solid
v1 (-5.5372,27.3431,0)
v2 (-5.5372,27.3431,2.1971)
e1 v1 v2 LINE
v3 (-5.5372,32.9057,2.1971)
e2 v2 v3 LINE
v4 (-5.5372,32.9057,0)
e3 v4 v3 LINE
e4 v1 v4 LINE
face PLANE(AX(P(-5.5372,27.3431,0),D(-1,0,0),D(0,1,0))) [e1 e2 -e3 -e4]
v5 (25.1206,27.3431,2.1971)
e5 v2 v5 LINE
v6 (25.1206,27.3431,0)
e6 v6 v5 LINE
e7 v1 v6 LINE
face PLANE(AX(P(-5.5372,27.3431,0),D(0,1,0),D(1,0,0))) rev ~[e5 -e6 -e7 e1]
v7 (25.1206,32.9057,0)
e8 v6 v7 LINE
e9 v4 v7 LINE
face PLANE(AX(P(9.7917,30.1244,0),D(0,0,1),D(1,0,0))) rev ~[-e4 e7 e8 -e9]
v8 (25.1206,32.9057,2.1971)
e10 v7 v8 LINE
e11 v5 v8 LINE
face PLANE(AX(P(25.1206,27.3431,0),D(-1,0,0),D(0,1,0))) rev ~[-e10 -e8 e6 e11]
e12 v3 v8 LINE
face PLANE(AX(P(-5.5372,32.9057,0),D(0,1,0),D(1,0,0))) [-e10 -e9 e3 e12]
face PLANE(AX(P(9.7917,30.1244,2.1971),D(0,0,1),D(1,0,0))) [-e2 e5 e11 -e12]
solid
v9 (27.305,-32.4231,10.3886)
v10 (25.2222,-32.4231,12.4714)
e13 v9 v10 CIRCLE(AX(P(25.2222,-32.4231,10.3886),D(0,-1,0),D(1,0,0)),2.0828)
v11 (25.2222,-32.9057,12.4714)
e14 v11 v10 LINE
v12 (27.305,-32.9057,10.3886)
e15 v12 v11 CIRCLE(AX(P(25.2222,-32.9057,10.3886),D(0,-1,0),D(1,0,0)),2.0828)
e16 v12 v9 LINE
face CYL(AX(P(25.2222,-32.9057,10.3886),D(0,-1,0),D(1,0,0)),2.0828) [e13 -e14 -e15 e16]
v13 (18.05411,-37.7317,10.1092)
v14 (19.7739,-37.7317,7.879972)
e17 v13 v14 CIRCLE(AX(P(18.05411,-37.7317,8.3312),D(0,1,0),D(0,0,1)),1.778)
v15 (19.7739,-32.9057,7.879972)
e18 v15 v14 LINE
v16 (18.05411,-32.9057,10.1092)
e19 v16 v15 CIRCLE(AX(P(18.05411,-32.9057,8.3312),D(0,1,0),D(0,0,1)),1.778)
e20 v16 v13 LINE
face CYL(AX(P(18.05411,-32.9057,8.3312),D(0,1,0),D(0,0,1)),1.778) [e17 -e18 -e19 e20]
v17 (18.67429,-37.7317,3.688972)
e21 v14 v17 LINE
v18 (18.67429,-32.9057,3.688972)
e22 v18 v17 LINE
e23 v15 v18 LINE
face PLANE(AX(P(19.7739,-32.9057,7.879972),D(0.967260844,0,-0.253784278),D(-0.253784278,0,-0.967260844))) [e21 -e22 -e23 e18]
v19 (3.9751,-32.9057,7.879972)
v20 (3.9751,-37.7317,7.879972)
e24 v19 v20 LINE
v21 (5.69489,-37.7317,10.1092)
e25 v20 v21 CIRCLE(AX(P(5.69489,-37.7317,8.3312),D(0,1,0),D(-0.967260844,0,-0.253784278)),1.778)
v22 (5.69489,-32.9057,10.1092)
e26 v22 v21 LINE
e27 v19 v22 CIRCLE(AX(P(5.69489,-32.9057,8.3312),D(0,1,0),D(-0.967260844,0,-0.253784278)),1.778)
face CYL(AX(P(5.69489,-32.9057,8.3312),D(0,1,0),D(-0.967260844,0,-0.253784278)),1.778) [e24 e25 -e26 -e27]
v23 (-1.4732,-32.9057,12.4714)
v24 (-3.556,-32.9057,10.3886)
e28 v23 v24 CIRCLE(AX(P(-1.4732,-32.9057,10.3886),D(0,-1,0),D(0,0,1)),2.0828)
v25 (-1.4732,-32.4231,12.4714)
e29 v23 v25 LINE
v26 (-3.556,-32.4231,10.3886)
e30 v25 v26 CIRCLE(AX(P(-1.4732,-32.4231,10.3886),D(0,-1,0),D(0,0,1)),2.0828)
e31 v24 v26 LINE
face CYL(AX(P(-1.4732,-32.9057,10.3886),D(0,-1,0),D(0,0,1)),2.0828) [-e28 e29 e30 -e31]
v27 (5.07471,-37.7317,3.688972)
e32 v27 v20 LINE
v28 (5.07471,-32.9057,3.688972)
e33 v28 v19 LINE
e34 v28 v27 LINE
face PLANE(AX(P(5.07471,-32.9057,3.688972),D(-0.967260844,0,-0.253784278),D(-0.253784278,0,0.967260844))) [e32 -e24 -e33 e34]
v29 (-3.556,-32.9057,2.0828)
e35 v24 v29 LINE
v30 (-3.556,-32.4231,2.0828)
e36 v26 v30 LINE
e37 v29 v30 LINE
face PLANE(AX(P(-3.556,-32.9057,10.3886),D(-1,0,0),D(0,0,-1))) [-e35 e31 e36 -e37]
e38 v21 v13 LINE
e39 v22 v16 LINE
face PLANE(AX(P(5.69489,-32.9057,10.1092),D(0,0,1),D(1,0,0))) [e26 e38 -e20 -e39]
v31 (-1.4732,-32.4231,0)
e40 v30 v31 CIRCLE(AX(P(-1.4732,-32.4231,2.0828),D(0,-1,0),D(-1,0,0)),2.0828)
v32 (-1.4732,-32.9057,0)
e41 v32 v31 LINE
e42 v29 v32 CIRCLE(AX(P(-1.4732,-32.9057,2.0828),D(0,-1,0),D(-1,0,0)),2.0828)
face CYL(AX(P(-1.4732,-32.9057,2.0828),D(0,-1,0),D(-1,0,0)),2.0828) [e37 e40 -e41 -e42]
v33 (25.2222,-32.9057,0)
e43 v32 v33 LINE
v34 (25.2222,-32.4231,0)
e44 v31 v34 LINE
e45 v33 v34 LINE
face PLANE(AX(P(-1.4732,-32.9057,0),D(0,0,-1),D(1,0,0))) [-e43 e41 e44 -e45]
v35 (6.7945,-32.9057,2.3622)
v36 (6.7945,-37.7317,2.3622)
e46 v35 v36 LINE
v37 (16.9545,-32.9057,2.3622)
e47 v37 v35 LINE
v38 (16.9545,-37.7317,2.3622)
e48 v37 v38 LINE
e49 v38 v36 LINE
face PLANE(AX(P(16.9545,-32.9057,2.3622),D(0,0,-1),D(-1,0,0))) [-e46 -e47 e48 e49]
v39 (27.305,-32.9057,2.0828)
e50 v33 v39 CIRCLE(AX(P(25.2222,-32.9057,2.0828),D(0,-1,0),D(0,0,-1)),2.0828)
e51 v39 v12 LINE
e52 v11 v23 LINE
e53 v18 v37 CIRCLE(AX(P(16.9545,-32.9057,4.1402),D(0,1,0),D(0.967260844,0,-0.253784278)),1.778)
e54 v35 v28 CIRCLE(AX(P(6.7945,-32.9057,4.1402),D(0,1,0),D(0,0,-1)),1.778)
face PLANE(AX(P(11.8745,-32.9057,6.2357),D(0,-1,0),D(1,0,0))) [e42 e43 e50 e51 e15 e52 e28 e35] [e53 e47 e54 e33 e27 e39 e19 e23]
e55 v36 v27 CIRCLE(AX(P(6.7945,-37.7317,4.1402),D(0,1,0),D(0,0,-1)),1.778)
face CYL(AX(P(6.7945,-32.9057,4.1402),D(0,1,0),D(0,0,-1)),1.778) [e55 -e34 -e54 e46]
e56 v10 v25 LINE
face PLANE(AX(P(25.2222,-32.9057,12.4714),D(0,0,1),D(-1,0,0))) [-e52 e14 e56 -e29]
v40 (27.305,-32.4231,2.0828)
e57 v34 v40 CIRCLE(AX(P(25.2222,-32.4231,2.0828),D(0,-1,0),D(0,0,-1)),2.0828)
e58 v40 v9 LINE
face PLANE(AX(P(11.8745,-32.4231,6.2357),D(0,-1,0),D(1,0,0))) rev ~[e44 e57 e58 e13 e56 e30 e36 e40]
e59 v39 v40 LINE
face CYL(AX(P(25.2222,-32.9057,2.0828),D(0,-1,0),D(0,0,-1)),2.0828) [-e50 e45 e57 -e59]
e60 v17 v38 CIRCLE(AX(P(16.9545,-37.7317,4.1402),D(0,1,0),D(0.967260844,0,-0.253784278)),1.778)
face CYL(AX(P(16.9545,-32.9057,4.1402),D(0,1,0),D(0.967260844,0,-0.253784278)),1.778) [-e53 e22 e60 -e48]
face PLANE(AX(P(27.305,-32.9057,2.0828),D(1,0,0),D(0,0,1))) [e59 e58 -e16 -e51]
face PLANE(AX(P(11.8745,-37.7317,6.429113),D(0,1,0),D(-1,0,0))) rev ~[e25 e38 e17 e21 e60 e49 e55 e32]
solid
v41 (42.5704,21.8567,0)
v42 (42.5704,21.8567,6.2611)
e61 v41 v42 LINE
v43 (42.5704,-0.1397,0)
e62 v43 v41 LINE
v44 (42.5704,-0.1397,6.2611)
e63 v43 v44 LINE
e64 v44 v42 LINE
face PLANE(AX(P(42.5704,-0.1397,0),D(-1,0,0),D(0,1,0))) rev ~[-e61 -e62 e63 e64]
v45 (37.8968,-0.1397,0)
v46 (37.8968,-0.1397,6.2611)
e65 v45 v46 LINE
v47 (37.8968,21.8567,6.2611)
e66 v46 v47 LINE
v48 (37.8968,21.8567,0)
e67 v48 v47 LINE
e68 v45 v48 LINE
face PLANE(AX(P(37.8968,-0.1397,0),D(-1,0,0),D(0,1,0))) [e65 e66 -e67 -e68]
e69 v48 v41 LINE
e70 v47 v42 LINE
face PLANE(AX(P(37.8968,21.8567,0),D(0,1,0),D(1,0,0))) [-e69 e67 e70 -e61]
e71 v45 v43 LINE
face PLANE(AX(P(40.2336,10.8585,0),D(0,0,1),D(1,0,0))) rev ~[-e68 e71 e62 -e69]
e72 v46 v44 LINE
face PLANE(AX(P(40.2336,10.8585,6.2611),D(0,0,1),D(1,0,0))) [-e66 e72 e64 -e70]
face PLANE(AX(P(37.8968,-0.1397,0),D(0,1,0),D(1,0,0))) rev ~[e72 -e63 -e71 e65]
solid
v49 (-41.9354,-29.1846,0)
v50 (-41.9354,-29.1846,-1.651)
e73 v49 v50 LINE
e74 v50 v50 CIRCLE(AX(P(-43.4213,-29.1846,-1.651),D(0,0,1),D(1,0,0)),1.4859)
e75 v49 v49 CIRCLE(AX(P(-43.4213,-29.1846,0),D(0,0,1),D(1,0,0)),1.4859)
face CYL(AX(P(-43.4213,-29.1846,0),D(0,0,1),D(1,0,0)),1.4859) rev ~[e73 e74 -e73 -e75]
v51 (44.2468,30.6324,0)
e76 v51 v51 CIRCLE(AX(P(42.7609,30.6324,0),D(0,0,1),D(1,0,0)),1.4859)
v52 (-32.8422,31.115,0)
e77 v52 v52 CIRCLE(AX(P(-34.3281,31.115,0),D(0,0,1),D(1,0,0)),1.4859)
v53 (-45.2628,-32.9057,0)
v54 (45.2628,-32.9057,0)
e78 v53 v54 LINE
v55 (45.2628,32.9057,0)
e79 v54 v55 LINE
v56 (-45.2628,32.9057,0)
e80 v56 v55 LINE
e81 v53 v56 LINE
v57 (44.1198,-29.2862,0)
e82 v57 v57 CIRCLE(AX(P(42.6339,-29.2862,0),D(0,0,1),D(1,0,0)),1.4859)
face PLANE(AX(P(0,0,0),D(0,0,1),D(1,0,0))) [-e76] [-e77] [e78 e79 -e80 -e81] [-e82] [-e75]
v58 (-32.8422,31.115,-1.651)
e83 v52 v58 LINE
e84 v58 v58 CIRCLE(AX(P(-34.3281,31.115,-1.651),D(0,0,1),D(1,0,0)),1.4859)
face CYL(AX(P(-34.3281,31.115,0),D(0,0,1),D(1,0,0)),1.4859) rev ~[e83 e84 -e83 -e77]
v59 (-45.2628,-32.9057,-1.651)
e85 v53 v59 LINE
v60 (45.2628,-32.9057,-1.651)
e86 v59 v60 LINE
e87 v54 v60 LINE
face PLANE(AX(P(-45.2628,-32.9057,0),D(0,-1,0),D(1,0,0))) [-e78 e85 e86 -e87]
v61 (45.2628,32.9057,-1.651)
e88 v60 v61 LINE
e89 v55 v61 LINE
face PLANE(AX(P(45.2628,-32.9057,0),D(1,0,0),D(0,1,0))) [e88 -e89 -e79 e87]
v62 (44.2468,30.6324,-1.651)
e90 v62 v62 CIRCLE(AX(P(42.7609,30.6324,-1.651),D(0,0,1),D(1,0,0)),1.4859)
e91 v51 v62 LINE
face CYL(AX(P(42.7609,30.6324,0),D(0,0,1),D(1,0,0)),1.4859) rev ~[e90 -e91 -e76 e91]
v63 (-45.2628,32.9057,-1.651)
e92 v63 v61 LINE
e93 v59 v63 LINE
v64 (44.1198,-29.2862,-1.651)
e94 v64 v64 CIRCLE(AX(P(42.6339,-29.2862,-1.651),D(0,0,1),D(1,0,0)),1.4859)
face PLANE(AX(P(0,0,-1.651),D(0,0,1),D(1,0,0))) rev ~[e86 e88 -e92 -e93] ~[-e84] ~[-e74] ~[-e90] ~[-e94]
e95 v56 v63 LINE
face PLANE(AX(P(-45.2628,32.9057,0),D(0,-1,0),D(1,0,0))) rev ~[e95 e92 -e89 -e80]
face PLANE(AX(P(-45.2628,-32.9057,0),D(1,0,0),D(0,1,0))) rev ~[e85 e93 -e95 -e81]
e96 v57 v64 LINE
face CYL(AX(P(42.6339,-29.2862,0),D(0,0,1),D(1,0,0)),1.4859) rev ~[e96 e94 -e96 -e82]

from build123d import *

# Parameters (mm, degrees)
SKETCH1_W           = 90.5256
SKETCH1_H           = 65.8114
SKETCH1_R           = 1.4859
BOSS_EXTRUDE1_DEPTH = 1.651
BOSS_EXTRUDE2_DEPTH = 0.4826
BOSS_EXTRUDE3_DEPTH = 4.826
SKETCH4_W           = 30.6578
SKETCH4_H           = 5.5626
BOSS_EXTRUDE4_DEPTH = 2.1971
SKETCH5_W           = 4.6736
SKETCH5_H           = 21.9964
BOSS_EXTRUDE5_DEPTH = 6.2611


with BuildPart() as part:
    # Sketch1 → Boss-Extrude1 (new body)
    with BuildSketch(Plane.XY):
        Rectangle(SKETCH1_W, SKETCH1_H)
        with Locations((-34.3281, 31.115)):
            Circle(SKETCH1_R, mode=Mode.SUBTRACT)
        with Locations((-43.4213, -29.1846)):
            Circle(SKETCH1_R, mode=Mode.SUBTRACT)
        with Locations((42.7609, 30.6324)):
            Circle(SKETCH1_R, mode=Mode.SUBTRACT)
        with Locations((42.6339, -29.2862)):
            Circle(SKETCH1_R, mode=Mode.SUBTRACT)
    extrude(amount=-BOSS_EXTRUDE1_DEPTH)


with BuildPart() as body_2:
    # Sketch2 → Boss-Extrude2 (new body)
    with BuildSketch(Plane.XZ.offset(32.9057)):
        with BuildLine():
            Line((-1.4732, 0), (25.2222, 0))
            ThreePointArc((25.2222, 0), (26.694962004, 0.610037996), (27.305, 2.0828))
            Line((27.305, 2.0828), (27.305, 10.3886))
            ThreePointArc((27.305, 10.3886), (26.694962004, 11.861362004), (25.2222, 12.4714))
            Line((25.2222, 12.4714), (-1.4732, 12.4714))
            ThreePointArc((-1.4732, 12.4714), (-2.945962004, 11.861362004), (-3.556, 10.3886))
            Line((-3.556, 10.3886), (-3.556, 2.0828))
            ThreePointArc((-3.556, 2.0828), (-2.945962004, 0.610037996), (-1.4732, 0))
        make_face()
    extrude(amount=-BOSS_EXTRUDE2_DEPTH)

    # Sketch3 → Boss-Extrude3 (add)
    with BuildSketch(Plane.XZ.offset(32.9057)):
        with BuildLine():
            Line((5.694889781, 10.1092), (18.054110219, 10.1092))
            ThreePointArc((18.054110219, 10.1092), (19.461868753, 9.41724784), (19.7739, 7.879971554))
            Line((19.7739, 7.879971554), (18.674289781, 3.688971554))
            ThreePointArc((18.674289781, 3.688971554), (18.04054784, 2.732441466), (16.9545, 2.3622))
            Line((16.9545, 2.3622), (6.7945, 2.3622))
            ThreePointArc((6.7945, 2.3622), (5.70845216, 2.732441466), (5.074710219, 3.688971554))
            Line((5.074710219, 3.688971554), (3.9751, 7.879971554))
            ThreePointArc((3.9751, 7.879971554), (4.287131247, 9.41724784), (5.694889781, 10.1092))
        make_face()
    extrude(amount=BOSS_EXTRUDE3_DEPTH)


with BuildPart() as body_3:
    # Sketch4 → Boss-Extrude4 (new body)
    with BuildSketch(Plane.XY):
        with Locations((9.7917, 30.1244)):
            Rectangle(SKETCH4_W, SKETCH4_H)
    extrude(amount=BOSS_EXTRUDE4_DEPTH)


with BuildPart() as body_4:
    # Sketch5 → Boss-Extrude5 (new body)
    with BuildSketch(Plane.XY):
        with Locations((40.2336, 10.8585)):
            Rectangle(SKETCH5_W, SKETCH5_H)
    extrude(amount=BOSS_EXTRUDE5_DEPTH)


solid = Compound([part.part, body_2.part, body_3.part, body_4.part])
